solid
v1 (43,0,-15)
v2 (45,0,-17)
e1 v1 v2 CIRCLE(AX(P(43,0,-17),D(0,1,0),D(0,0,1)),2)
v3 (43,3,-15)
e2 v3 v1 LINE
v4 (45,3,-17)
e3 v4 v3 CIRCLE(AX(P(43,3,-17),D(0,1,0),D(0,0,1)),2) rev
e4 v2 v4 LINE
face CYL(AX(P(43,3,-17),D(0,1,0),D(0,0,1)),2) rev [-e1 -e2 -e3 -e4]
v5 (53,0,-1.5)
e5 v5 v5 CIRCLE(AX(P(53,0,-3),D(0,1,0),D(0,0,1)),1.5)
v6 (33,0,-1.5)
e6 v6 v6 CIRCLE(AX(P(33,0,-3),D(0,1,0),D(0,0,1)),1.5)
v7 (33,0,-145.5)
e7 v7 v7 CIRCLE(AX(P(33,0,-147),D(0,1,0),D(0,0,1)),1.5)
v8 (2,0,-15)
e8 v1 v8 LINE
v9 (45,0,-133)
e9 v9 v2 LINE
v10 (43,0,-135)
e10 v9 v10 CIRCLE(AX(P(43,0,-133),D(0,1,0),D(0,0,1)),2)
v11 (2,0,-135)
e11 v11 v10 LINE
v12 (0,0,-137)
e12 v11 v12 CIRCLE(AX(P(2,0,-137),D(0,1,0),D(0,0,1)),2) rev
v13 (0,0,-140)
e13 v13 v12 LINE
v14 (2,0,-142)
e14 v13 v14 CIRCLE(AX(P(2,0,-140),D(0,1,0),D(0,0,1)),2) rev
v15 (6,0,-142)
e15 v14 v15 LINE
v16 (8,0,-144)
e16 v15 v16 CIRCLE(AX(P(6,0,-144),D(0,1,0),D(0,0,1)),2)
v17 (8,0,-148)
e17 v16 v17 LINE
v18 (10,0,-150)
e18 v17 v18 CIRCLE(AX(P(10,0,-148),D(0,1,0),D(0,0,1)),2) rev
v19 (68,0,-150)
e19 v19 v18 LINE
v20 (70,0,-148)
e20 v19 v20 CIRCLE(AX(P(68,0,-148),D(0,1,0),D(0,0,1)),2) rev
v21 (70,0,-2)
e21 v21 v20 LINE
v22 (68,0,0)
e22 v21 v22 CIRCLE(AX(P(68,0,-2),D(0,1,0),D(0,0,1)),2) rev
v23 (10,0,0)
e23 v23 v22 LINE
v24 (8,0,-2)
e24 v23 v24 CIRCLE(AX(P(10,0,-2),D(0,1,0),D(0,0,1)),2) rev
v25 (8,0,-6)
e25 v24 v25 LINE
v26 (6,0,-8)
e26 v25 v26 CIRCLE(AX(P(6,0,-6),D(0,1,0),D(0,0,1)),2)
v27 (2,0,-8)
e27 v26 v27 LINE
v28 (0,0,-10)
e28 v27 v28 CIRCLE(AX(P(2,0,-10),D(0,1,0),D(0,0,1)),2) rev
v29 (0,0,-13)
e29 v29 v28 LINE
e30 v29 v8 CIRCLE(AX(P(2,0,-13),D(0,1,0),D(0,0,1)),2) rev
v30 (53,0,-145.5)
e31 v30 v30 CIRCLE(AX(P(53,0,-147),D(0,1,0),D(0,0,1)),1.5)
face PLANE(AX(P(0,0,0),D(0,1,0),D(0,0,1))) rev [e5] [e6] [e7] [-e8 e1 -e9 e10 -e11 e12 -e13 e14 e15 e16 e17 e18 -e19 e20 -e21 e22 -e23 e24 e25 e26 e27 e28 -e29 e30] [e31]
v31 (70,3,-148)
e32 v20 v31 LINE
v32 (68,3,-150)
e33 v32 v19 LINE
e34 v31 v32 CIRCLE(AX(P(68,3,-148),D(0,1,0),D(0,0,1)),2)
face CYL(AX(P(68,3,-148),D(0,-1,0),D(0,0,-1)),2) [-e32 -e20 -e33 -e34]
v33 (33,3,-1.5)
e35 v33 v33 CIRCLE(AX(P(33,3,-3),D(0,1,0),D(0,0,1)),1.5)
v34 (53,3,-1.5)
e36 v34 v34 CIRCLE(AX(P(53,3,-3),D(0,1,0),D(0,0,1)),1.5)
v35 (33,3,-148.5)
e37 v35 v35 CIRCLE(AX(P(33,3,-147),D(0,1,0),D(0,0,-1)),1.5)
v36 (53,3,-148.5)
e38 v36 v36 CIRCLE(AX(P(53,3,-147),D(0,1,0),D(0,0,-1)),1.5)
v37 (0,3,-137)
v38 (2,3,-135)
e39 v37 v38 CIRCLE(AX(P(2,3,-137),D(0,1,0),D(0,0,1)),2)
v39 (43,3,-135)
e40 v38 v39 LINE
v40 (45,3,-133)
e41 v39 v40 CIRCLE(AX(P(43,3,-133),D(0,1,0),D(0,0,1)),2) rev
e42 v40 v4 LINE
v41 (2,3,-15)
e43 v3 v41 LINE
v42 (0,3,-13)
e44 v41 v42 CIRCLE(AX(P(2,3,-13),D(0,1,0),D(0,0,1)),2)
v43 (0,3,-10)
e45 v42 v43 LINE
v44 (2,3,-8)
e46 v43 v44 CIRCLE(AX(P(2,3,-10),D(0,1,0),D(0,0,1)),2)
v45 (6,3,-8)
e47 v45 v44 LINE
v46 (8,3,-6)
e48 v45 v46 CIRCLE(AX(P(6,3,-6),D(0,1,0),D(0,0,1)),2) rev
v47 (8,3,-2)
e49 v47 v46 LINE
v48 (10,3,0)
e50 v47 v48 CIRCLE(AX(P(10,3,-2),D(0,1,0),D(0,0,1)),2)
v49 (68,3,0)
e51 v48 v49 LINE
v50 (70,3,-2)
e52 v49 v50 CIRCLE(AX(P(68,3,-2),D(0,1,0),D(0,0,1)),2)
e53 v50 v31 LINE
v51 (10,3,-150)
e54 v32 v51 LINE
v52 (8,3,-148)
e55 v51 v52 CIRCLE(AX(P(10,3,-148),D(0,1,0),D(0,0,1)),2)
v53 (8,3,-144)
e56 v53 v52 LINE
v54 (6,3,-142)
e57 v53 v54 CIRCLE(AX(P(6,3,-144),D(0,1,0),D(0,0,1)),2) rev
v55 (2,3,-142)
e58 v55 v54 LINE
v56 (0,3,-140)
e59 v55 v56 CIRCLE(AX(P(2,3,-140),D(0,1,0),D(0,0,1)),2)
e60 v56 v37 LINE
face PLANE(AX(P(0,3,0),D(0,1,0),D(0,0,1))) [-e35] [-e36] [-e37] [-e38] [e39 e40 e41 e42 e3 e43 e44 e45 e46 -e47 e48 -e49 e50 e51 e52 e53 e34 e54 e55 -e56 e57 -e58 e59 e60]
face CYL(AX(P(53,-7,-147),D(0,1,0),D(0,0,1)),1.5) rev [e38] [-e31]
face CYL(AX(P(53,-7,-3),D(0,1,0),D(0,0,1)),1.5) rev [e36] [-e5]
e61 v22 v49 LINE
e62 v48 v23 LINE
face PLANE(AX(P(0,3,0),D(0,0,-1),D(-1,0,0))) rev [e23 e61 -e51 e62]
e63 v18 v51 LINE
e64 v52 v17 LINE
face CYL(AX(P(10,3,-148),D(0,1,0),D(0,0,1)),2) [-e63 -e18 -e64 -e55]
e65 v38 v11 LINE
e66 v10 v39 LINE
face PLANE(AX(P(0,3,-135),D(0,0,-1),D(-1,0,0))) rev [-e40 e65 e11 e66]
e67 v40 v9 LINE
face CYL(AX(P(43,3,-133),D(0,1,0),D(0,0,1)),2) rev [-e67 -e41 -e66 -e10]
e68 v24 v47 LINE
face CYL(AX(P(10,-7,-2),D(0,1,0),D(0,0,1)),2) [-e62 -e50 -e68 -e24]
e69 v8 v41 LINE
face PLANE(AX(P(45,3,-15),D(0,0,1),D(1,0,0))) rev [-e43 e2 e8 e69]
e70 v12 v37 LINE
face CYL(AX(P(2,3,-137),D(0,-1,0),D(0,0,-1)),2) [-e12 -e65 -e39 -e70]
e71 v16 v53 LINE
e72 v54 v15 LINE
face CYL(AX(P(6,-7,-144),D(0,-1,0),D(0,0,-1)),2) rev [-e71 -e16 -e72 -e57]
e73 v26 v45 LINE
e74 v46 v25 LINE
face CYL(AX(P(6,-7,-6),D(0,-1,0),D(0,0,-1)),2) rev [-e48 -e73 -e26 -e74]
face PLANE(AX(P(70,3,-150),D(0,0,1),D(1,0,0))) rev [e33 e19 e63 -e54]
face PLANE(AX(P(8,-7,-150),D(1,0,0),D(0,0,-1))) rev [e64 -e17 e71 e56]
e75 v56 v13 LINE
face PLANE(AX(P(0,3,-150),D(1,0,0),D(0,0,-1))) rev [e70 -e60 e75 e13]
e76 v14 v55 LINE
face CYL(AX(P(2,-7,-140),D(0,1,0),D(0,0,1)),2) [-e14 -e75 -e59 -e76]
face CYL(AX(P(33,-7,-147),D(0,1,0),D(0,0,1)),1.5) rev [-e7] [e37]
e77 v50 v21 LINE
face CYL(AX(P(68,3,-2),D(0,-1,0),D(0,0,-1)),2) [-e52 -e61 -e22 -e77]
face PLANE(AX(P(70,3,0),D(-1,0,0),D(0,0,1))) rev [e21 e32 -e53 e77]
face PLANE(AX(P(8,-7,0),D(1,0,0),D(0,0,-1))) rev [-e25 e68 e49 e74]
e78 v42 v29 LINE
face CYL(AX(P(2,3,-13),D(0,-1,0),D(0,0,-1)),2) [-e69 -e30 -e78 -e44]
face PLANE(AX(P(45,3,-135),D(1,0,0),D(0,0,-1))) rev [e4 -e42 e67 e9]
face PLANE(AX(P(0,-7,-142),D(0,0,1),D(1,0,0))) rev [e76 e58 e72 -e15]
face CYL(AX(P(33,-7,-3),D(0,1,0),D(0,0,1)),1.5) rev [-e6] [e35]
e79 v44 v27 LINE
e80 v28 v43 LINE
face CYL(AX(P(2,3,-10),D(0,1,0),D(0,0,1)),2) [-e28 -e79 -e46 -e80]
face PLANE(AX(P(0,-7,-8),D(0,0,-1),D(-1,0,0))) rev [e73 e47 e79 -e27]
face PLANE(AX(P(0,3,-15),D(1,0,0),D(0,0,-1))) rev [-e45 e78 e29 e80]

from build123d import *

# Parameters (mm, degrees)
EXTRUDE_1_DEPTH     = 3
SKETCH_2_W          = 8
SKETCH_2_H          = 8
CUT_EXTRUDE_1_DEPTH = 10
SKETCH_3_R          = 1.5
CUT_EXTRUDE_2_DEPTH = 10
FILLET_1_R          = 2


with BuildPart() as part:
    # 草图1 → 凸台-拉伸1 (new body)
    with BuildSketch(Plane(origin=(0, 0, 0), x_dir=(1, 0, 0), z_dir=(0, 1, 0))):
        Polygon((0, 0), (70, 0), (70, 150), (0, 150), (0, 135), (45, 135), (45, 15), (0, 15), align=None)
    extrude(amount=EXTRUDE_1_DEPTH)

    # 草图2 → 切除-拉伸1 (cut)
    with BuildSketch(Plane(origin=(0, 3, 0), x_dir=(1, 0, 0), z_dir=(0, 1, 0))):
        with Locations((4, 4)):
            Rectangle(SKETCH_2_W, SKETCH_2_H)
        with Locations((4, 146)):
            Rectangle(SKETCH_2_W, SKETCH_2_H)
    extrude(amount=-CUT_EXTRUDE_1_DEPTH, mode=Mode.SUBTRACT)

    # 草图3 → 切除-拉伸2 (cut)
    with BuildSketch(Plane(origin=(0, 3, 0), x_dir=(1, 0, 0), z_dir=(0, 1, 0))):
        with Locations(Location((33, 3, 0), (0, 0, 270))):
            Circle(SKETCH_3_R)
        with Locations(Location((53, 3, 0), (0, 0, 270))):
            Circle(SKETCH_3_R)
        with Locations(Location((53, 147, 0), (0, 0, 270))):
            Circle(SKETCH_3_R)
        with Locations(Location((33, 147, 0), (0, 0, 270))):
            Circle(SKETCH_3_R)
    extrude(amount=-CUT_EXTRUDE_2_DEPTH, mode=Mode.SUBTRACT)

    # 圆角1
    fillet_1_edges = [part.edges().sort_by_distance(p)[0] for p in [
        (0, 1.5, -15),
        (45, 1.5, -15),
        (45, 1.5, -135),
        (0, 1.5, -135),
        (70, 1.5, -150),
        (70, 1.5, 0),
        (8, 1.5, 0),
        (0, 1.5, -8),
        (8, 1.5, -8),
        (0, 1.5, -142),
        (8, 1.5, -150),
        (8, 1.5, -142),
    ]]
    fillet(fillet_1_edges, radius=FILLET_1_R)


solid = part.part
